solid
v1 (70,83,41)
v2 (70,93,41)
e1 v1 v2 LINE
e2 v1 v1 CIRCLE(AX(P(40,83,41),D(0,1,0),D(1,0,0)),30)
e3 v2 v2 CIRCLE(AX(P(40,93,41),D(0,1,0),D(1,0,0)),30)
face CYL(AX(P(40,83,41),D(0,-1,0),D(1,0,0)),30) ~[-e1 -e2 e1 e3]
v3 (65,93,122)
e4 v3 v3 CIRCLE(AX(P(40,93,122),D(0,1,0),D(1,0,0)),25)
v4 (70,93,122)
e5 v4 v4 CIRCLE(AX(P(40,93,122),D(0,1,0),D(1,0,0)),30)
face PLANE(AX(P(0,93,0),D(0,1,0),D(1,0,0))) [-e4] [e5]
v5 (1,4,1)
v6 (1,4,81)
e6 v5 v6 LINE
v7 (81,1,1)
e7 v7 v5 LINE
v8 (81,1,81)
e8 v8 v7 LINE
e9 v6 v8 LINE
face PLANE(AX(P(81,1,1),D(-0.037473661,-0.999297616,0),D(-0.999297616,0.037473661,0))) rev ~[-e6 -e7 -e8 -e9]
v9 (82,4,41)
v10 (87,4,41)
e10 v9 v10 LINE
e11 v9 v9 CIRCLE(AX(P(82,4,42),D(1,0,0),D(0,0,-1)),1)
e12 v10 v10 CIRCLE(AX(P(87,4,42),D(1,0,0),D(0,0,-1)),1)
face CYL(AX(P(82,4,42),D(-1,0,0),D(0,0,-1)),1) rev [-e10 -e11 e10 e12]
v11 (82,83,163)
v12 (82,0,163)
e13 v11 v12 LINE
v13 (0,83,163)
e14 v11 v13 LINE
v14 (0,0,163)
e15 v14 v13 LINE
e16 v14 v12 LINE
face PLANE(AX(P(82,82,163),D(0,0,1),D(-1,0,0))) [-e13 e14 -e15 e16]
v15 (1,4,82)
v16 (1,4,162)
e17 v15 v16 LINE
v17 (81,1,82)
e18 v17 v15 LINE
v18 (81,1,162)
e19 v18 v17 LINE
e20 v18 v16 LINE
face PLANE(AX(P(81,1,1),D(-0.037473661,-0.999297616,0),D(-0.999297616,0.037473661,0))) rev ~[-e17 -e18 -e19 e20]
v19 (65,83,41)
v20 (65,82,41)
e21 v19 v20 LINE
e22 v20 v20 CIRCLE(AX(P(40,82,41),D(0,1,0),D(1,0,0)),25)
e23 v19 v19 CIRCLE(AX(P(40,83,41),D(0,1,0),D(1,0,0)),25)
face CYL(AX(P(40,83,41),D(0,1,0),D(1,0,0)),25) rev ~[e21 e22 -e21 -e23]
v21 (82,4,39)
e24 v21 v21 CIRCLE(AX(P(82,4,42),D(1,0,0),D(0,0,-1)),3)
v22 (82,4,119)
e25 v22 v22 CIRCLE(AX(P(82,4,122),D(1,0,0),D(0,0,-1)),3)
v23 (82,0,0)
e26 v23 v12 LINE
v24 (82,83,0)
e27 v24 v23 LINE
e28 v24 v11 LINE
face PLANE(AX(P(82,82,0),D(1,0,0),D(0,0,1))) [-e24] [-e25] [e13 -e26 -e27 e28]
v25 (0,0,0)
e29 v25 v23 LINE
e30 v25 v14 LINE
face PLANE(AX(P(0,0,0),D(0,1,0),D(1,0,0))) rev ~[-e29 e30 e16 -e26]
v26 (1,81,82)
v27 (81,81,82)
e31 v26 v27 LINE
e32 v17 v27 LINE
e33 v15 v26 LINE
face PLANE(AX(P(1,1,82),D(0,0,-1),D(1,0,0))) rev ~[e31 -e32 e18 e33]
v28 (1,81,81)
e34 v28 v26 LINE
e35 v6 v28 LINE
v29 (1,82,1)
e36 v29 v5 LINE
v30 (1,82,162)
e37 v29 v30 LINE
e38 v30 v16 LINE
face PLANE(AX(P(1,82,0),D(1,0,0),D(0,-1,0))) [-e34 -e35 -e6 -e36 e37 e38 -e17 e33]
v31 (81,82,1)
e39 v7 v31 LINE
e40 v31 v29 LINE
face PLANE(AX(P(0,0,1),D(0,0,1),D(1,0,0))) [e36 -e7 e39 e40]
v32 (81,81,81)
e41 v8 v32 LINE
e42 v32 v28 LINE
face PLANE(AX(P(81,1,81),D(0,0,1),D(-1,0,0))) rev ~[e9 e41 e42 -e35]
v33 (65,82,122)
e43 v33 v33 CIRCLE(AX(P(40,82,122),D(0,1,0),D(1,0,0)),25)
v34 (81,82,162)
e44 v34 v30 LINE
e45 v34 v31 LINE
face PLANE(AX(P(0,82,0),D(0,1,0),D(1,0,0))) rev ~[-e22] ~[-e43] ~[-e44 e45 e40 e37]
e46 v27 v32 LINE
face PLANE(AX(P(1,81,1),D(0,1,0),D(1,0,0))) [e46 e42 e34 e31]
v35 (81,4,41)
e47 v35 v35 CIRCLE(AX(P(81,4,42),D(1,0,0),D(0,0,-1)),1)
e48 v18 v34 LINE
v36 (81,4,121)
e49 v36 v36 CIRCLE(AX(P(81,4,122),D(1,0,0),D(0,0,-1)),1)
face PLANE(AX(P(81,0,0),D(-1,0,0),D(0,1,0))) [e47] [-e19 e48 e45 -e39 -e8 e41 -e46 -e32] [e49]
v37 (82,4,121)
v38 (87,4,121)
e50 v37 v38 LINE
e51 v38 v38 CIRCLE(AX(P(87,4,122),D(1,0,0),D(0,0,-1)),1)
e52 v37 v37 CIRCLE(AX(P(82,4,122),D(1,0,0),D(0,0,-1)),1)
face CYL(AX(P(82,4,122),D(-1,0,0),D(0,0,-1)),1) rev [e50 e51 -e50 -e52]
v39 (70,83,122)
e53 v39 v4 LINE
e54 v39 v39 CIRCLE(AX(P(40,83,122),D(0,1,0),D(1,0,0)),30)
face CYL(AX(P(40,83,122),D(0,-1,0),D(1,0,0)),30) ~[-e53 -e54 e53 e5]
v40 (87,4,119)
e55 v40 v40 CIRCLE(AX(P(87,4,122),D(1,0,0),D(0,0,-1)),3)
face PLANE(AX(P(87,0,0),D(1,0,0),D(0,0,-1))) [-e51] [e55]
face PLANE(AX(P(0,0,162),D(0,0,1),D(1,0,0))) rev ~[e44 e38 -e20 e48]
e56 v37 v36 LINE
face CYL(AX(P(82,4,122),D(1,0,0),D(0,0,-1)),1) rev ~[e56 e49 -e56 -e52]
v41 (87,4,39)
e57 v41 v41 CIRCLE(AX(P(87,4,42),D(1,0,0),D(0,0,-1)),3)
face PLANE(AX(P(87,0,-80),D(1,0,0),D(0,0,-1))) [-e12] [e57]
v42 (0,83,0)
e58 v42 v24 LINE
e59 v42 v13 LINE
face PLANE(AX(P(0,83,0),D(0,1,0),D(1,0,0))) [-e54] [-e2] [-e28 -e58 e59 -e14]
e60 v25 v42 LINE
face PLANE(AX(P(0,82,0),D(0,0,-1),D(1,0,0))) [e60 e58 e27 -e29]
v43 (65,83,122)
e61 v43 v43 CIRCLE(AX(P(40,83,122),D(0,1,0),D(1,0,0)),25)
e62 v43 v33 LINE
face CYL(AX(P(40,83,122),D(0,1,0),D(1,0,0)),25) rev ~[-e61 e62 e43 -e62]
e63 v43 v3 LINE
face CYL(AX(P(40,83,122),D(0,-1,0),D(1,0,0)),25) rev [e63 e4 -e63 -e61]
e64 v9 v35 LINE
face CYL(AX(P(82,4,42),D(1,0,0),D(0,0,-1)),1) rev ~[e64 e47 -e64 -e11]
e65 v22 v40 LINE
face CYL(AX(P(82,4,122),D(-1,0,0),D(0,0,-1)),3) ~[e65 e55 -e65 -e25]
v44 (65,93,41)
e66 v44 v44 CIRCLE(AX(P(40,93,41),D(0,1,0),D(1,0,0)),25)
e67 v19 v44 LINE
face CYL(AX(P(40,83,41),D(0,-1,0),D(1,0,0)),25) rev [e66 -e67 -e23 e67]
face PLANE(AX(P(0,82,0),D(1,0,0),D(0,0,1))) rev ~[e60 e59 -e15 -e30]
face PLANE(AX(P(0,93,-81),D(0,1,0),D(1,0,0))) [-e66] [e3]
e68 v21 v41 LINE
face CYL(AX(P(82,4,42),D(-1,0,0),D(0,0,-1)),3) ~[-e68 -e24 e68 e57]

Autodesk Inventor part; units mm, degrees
ref_plane "YZ Plane" through (0, 0, 0) normal (1, 0, 0) x (0, 1, 0)
ref_plane "XZ Plane" through (0, 0, 0) normal (0, 1, 0) x (-1, 0, 0)
ref_plane "XY Plane" through (0, 0, 0) normal (0, 0, 1) x (1, 0, 0)
sketch "Sketch1" plane through (0, 0, 0) normal (0, 0, 1) x (1, 0, 0)
  line L0 (0, 0) -> (82, 0)
  line L1 (82, 0) -> (82, 82)
  line L2 (82, 82) -> (0, 82)
  line L3 (0, 82) -> (0, 0)
  dimension "d0" = 82
  dimension "d1" = 82
extrude "Extrusion1" add sketch "Sketch1" along normal blind 163
shell "Shell1" thickness 1 removed faces 1 at (54.6667, 82, 54.3333)
sketch "Sketch6" plane through (82, 0, 0) normal (1, 0, 0) x (0, 0, -1)
  circle A0 centre (-122, 4) radius 1
  circle A1 centre (-122, 4) radius 3
  line L0 (0, 0) -> (0, 82) projected
  line L1 (0, 0) -> (-163, 0) projected
  line L2 (-163, 0) -> (-163, 82) projected
  dimension "d18" = 2
  dimension "d19" = 2
  dimension "d21" = 4
  dimension "d50" = 41
extrude "Extrusion5" add sketch "Sketch6" along normal blind 5
thread "Thread1" size "M6x1" class "6g" standard "ANSI Metric M Profile" length 7.15
sketch "Sketch7" plane through (82, 4, 122) normal (1, 0, 0) x (0, 0, -1)
  circle A0 centre (0, 0) radius 1 projected
  circle A1 centre (0, 0) radius 1
  point P0 (122, -4)
extrude "Extrusion6" cut sketch "Sketch7" against normal blind 5
sketch "Sketch8" plane through (0, 82, 0) normal (0, 1, 0) x (1, 0, 0)
  line L0 (0, 0) -> (0, -163) projected
  line L1 (82, 0) -> (82, -163) projected
  line L2 (0, 0) -> (82, 0)
  line L3 (82, 0) -> (82, -163)
  line L4 (82, -163) -> (0, -163)
  line L5 (0, -163) -> (0, 0)
  point P0 (0, -163)
extrude "Extrusion7" add sketch "Sketch8" along normal blind 1
sketch "Sketch9" plane through (0, 83, 0) normal (0, 1, 0) x (1, 0, 0)
  circle A0 centre (40, -122) radius 25
  circle A1 centre (40, -122) radius 30
  line L0 (0, 0) -> (0, -163) projected
  line L1 (0, -163) -> (82, -163) projected
  line L2 (1, -1) -> (1, -162) projected
  line L3 (1, -81.5) -> (81, -81.5)
  line L4 (81, -1) -> (81, -162) projected
  dimension "d30" = 50
  dimension "d31" = 40
  dimension "d32" = 41
  dimension "d33" = 5
extrude "Extrusion8" add sketch "Sketch9" along normal blind 10
sketch "Sketch10" plane through (40, 83, 122) normal (0, 1, 0) x (1, 0, 0)
  circle A0 centre (0, 0) radius 25
  point P0 (-40, 122)
extrude "Extrusion9" cut sketch "Sketch10" against normal blind 10
thread "Thread2" size "M50x4" class "6H" standard "ANSI Metric M Profile" length 7.15
sketch "Sketch12" plane through (1, 1, 1) normal (0, 1, 0) x (1, 0, 0)
  line L0 (0, 0) -> (0, -161) projected
  line L1 (0, -81) -> (80, -81)
  line L2 (80, -81) -> (80, -80)
  line L3 (80, -80) -> (0, -80)
  line L4 (0, -80) -> (0, -81)
  line L5 (80, 0) -> (80, -161) projected
  line L6 (0, -161) -> (80, -161) projected
  point P0 (-1, 1)
  point P1 (0, -80)
  dimension "d44" = 1
  dimension "d45" = 80
extrude "Extrusion11" add sketch "Sketch12" along normal blind 80 contours L3 L2 L1 L0
sketch "Sketch3" plane through (1, 82, 1) normal (0, 0, 1) x (1, 0, 0)
  line L0 (0, -81) -> (80, -81)
  line L1 (80, -81) -> (0, -78)
  line L2 (0, -78) -> (0, -81)
  point P0 (-1, -82)
  dimension "d5" = 3
extrude "Extrusion12" add sketch "Sketch3" along normal up to surface (161 mm away)
pattern_linear "Rectangular Pattern1" count 2 spacing 81 along (0, 0, -1) of "Extrusion8", "Extrusion9"
pattern_linear "Rectangular Pattern3" count 2 spacing 80 along (0, 0, -1) of "Extrusion5", "Extrusion6"
properties part number "BoxChem"
